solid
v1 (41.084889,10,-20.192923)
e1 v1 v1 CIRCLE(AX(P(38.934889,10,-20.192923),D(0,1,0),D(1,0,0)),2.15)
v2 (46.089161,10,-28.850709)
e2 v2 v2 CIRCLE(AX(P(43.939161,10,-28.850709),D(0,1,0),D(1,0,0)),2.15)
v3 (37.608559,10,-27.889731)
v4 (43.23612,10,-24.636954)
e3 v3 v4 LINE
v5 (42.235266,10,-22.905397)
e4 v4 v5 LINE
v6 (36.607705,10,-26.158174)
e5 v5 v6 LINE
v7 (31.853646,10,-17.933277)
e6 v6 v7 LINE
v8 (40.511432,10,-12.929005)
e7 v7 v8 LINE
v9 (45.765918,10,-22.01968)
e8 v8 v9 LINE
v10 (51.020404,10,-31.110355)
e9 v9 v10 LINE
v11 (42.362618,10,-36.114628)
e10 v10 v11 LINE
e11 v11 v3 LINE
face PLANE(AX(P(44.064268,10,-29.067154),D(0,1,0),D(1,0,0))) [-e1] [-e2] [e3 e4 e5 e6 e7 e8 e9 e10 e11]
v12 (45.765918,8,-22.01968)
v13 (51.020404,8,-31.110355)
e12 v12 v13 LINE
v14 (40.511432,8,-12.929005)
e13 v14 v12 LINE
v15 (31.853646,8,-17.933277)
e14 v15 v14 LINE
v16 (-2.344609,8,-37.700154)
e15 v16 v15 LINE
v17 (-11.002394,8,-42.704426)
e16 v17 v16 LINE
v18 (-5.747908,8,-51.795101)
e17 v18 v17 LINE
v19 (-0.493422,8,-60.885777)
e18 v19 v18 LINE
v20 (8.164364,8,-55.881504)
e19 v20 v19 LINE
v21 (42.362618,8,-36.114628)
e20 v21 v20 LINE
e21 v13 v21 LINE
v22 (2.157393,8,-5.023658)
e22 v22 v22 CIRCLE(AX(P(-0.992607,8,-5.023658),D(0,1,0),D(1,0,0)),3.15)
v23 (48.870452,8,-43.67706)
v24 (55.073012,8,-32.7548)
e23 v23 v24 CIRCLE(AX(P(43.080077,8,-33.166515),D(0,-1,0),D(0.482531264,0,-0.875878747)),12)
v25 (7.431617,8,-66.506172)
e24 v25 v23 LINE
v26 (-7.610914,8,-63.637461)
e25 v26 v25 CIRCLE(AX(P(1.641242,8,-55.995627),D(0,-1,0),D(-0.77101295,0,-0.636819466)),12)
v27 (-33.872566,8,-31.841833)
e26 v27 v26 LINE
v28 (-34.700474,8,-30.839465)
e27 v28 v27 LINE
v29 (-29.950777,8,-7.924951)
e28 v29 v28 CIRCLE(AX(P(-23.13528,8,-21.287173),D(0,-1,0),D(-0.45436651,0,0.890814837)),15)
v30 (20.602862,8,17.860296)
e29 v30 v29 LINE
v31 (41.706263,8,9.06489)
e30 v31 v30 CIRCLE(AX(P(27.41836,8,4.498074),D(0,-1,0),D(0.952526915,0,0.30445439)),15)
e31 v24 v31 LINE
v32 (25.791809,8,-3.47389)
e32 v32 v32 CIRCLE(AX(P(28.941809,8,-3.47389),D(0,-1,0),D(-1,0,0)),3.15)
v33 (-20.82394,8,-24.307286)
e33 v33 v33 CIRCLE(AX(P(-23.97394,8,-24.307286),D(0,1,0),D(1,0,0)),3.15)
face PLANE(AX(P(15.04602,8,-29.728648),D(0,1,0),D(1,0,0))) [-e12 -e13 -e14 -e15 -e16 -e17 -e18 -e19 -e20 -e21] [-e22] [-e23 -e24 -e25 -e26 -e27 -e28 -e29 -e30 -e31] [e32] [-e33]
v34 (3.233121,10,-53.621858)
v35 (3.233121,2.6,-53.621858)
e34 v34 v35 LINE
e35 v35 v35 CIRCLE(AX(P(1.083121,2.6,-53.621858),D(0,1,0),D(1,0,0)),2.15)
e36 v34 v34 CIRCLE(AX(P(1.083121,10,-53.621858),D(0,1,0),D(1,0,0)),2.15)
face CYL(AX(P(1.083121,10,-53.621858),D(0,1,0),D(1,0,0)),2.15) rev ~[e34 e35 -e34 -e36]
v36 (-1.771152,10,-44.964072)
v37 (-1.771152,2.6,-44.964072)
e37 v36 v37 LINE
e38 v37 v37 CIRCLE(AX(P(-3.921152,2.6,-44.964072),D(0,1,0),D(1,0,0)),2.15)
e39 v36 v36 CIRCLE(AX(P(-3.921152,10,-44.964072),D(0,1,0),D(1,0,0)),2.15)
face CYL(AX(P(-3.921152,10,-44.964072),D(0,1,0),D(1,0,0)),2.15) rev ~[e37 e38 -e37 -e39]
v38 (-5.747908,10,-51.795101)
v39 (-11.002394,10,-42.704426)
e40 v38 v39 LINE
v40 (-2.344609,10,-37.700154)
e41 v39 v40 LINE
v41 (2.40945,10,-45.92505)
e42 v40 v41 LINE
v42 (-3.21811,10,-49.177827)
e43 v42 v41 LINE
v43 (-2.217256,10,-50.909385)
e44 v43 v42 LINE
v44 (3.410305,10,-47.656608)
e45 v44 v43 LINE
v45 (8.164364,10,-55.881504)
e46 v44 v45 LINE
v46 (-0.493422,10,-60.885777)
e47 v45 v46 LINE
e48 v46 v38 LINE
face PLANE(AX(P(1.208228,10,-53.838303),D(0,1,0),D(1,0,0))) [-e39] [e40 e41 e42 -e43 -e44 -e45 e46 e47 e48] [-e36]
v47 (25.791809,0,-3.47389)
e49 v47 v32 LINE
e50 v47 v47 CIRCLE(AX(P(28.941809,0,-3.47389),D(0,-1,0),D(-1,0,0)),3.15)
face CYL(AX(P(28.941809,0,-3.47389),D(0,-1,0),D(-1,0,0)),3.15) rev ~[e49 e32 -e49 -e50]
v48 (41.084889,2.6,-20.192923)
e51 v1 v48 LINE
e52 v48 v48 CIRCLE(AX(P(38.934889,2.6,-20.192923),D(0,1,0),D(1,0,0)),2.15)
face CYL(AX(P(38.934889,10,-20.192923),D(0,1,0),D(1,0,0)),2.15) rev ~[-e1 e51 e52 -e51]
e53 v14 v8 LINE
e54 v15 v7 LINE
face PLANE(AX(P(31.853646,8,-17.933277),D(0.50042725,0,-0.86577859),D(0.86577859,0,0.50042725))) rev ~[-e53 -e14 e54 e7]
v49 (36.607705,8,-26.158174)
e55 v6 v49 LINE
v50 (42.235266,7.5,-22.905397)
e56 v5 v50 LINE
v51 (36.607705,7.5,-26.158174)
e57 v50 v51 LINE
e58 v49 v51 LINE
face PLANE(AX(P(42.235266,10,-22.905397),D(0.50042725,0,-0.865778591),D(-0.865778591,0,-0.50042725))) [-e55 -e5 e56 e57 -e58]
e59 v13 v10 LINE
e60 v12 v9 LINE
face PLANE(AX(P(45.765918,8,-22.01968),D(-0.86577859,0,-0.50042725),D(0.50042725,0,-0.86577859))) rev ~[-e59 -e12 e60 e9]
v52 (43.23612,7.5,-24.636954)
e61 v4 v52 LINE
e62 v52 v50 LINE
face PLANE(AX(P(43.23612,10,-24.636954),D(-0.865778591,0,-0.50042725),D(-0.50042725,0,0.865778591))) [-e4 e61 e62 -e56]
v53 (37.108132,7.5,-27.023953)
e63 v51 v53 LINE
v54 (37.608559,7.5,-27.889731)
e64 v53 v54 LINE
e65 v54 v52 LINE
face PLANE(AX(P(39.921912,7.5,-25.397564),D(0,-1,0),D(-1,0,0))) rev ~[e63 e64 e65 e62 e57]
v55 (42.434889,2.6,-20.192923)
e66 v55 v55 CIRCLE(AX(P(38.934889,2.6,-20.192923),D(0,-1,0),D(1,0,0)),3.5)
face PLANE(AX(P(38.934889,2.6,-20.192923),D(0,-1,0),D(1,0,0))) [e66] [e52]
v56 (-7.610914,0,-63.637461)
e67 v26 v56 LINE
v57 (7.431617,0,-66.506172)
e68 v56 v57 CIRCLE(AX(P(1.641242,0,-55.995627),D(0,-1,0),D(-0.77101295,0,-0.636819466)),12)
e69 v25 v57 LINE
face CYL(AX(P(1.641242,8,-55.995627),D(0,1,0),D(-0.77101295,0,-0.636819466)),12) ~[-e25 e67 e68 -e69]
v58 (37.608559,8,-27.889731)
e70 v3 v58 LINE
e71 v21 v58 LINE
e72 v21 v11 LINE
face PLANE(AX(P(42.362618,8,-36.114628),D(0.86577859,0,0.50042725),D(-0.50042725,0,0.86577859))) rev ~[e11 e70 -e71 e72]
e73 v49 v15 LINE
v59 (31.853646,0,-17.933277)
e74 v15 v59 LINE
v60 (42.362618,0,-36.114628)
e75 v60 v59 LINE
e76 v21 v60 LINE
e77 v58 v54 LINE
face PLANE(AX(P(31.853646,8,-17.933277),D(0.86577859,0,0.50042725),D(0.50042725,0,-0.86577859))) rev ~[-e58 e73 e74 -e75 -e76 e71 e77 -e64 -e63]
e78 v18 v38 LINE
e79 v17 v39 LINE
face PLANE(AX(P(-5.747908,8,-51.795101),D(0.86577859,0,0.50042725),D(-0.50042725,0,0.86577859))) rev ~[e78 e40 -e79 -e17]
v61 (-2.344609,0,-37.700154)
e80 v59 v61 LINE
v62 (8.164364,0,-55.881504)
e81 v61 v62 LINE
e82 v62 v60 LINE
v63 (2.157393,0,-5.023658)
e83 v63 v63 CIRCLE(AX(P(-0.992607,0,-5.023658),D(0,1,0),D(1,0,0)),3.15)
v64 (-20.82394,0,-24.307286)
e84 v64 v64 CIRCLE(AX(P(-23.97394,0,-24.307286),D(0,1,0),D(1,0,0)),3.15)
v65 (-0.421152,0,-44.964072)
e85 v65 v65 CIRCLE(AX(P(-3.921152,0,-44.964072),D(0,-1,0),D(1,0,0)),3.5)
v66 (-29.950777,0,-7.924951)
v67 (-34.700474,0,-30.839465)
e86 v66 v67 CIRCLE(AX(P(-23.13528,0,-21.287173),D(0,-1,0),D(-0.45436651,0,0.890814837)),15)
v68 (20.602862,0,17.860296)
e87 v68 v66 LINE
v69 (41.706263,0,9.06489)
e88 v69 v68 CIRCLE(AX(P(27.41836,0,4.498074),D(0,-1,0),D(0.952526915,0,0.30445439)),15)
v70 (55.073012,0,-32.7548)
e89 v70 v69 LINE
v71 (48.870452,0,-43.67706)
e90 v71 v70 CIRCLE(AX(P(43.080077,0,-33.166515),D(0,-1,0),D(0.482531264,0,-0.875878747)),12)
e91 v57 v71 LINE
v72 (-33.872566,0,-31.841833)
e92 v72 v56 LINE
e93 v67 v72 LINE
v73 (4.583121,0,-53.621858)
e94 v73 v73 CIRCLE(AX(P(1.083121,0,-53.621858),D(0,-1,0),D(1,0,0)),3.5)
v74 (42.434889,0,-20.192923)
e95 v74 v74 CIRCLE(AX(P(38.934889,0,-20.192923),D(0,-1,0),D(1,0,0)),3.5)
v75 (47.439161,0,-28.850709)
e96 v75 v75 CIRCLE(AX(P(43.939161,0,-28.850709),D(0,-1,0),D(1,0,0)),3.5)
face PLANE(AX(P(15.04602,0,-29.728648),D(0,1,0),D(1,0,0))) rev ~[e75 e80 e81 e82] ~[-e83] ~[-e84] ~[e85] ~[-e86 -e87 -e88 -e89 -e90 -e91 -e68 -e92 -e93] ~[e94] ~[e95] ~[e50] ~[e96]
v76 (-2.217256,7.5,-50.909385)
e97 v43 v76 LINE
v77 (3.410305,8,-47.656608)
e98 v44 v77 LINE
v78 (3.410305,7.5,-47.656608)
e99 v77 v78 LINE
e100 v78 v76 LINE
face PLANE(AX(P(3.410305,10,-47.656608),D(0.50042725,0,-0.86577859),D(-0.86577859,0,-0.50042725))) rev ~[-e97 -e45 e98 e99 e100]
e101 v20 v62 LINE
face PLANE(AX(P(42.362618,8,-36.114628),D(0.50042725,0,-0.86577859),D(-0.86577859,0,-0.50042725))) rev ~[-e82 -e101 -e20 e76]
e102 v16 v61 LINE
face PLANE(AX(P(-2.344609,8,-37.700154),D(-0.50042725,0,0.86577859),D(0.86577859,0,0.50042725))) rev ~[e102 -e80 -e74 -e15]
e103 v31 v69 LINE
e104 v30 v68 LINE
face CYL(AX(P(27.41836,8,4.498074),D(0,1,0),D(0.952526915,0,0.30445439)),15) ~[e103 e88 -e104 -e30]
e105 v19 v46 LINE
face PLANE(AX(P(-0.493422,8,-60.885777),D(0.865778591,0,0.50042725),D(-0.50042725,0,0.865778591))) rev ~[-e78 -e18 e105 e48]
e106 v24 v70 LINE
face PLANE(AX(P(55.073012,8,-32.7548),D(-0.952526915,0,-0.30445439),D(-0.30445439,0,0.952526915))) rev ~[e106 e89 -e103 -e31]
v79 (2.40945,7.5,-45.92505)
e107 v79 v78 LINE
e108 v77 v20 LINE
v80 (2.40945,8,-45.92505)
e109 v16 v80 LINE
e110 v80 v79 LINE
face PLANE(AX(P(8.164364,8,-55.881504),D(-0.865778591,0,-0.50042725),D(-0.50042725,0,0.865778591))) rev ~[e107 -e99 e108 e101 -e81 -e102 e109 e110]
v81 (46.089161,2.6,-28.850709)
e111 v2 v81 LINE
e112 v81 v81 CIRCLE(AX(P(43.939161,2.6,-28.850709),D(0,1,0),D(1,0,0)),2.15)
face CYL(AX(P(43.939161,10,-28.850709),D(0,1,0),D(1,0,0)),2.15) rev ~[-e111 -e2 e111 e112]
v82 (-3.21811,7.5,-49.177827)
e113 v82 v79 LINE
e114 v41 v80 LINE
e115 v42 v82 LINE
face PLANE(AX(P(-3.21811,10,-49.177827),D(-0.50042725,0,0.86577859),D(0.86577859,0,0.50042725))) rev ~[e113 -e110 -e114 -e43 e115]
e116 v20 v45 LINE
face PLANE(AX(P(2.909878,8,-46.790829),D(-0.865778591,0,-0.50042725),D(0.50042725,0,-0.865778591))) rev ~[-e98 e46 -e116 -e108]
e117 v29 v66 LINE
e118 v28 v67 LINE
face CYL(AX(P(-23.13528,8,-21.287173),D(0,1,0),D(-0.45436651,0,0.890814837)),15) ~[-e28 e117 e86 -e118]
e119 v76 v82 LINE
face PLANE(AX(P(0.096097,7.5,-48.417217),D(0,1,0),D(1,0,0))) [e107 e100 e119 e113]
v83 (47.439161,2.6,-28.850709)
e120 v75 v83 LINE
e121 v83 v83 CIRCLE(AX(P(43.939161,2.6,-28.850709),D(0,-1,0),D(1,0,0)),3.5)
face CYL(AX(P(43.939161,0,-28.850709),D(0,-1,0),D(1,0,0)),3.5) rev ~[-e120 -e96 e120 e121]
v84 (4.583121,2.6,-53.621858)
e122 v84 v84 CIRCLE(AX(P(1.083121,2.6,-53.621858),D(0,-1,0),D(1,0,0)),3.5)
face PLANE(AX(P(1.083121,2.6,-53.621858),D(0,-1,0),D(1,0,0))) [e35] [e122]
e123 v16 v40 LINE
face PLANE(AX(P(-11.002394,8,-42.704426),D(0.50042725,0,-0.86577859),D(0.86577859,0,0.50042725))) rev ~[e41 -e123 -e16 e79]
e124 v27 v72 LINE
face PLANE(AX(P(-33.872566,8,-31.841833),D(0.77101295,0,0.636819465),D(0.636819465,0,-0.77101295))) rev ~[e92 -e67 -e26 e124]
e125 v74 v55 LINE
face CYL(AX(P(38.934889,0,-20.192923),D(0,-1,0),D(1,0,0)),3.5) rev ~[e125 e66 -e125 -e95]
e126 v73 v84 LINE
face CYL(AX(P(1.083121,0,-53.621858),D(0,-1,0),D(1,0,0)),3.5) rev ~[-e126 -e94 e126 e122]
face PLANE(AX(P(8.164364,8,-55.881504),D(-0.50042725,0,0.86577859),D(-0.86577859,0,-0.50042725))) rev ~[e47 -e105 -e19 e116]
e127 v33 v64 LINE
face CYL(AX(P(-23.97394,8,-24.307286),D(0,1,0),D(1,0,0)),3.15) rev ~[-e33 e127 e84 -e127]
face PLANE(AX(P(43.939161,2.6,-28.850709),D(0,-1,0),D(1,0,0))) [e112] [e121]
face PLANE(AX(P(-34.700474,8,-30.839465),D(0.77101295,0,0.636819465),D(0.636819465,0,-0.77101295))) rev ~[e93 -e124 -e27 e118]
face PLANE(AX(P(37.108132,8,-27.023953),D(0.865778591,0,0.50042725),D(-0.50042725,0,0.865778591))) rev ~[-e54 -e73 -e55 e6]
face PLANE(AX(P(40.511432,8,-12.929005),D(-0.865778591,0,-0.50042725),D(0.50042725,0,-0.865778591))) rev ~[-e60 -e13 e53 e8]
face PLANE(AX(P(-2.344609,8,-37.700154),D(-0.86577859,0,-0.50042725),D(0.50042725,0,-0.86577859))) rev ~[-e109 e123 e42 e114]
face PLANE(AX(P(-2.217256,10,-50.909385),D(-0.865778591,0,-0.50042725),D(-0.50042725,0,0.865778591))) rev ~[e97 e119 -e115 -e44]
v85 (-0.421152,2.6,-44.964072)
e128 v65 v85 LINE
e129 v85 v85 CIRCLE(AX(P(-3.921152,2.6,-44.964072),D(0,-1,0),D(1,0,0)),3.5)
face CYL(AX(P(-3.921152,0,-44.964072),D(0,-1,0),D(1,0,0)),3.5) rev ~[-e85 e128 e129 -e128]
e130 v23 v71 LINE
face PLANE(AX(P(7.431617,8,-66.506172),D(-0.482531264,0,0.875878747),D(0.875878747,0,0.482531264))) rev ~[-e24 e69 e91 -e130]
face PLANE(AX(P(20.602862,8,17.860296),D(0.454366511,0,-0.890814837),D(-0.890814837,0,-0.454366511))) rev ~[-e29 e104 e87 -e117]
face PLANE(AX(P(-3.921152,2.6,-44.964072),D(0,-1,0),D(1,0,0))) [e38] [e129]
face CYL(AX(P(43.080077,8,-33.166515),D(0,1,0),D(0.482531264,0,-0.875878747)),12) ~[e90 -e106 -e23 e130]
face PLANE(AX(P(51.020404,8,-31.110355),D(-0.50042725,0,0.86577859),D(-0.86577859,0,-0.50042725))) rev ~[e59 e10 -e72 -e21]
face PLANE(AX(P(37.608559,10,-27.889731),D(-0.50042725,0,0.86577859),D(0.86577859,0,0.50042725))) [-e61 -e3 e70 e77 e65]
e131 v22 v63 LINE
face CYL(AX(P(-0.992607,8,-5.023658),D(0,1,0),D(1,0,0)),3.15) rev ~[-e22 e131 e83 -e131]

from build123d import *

# Parameters (mm, degrees)
BOSS_EXTRUDE2_DEPTH = 8
SKETCH2_R           = 3.15
CUT_EXTRUDE1_DEPTH  = 8
BOSS_EXTRUDE4_DEPTH = 2
CUT_EXTRUDE2_DEPTH  = 14
SKETCH5_R           = 2.15
CUT_EXTRUDE3_DEPTH  = 14
SKETCH6_R           = 3.5
CUT_EXTRUDE4_DEPTH  = 2.6
CUT_EXTRUDE5_DEPTH  = 18.5
BOSS_EXTRUDE7_DEPTH = 8
SKETCH9_R           = 3.15
CUT_EXTRUDE6_DEPTH  = 8
CUT_EXTRUDE8_DEPTH  = 8
BOSS_EXTRUDE8_DEPTH = 8
CUT_EXTRUDE9_DEPTH  = 2.5


with BuildPart() as part:
    # Sketch1 → Boss-Extrude2 (new body)
    with BuildSketch(Plane(origin=(0, 0, 0), x_dir=(1, 0, 0), z_dir=(0, 1, 0))):
        Polygon((-36.064195387, 30.19821093), (-36.064195387, 45.055140387), (-24.456215945, 60.508200645), (25.928290152, 75.028423128), (63.192701615, 49.978777876), (57.8600206, 4.654046233), (5.024212079, -12.575443702), (-26.79369062, -0.934399252), align=None)
    extrude(amount=BOSS_EXTRUDE2_DEPTH)

    # Sketch2 → Cut-Extrude1 (cut)
    with BuildSketch(Plane(origin=(0, 8, 0), x_dir=(1, 0, 0), z_dir=(0, 1, 0))):
        with Locations((-0.992606529, 5.023658057)):
            Circle(SKETCH2_R)
        with Locations((-23.973939823, 24.307286348)):
            Circle(SKETCH2_R)
    extrude(amount=-CUT_EXTRUDE1_DEPTH, mode=Mode.SUBTRACT)

    # Sketch3 → Boss-Extrude4 (add)
    with BuildSketch(Plane(origin=(0, 8, 0), x_dir=(1, 0, 0), z_dir=(0, 1, 0))):
        Polygon((-5.747908307, 51.79510143), (2.909877598, 46.790828933), (8.164363719, 55.881504134), (-0.493422186, 60.885776631), align=None)
        Polygon((-2.344608524, 37.700153733), (2.909877598, 46.790828933), (-5.747908307, 51.79510143), (-11.002394429, 42.70442623), align=None)
        Polygon((37.108131922, 27.023952571), (45.765917827, 22.019680074), (51.020403949, 31.110355274), (42.362618044, 36.114627771), align=None)
        Polygon((40.511431705, 12.929004873), (45.765917827, 22.019680074), (37.108131922, 27.023952571), (31.8536458, 17.93327737), align=None)
    extrude(amount=BOSS_EXTRUDE4_DEPTH)

    # Sketch4 → Cut-Extrude2 (cut)
    with BuildSketch(Plane(origin=(0, 8, 0), x_dir=(1, 0, 0), z_dir=(0, 1, 0))):
        Polygon((8.164363719, 55.881504134), (-2.344608524, 37.700153733), (31.8536458, 17.93327737), (42.362618044, 36.114627771), align=None)
    extrude(amount=-CUT_EXTRUDE2_DEPTH, mode=Mode.SUBTRACT)

    # Sketch5 → Cut-Extrude3 (cut)
    with BuildSketch(Plane(origin=(0, 10, 0), x_dir=(1, 0, 0), z_dir=(0, 1, 0))):
        with Locations((-3.921151603, 44.964072229)):
            Circle(SKETCH5_R)
        with Locations((1.083120894, 53.621858134)):
            Circle(SKETCH5_R)
        with Locations((43.939161123, 28.850709275)):
            Circle(SKETCH5_R)
        with Locations((38.934888626, 20.19292337)):
            Circle(SKETCH5_R)
    extrude(amount=-CUT_EXTRUDE3_DEPTH, mode=Mode.SUBTRACT)

    # Sketch6 → Cut-Extrude4 (cut)
    with BuildSketch(Plane.XZ):
        with Locations((43.939161123, -28.850709275)):
            Circle(SKETCH6_R)
        with Locations((38.934888626, -20.19292337)):
            Circle(SKETCH6_R)
        with Locations((1.083120894, -53.621858134)):
            Circle(SKETCH6_R)
        with Locations((-3.921151603, -44.964072229)):
            Circle(SKETCH6_R)
    extrude(amount=-CUT_EXTRUDE4_DEPTH, mode=Mode.SUBTRACT)

    # Sketch7 → Cut-Extrude5 (cut)
    with BuildSketch(Plane(origin=(0, 8, 0), x_dir=(1, 0, 0), z_dir=(0, 1, 0))):
        Polygon((-23.90080129, 101.032848336), (-57.901406204, 20.736967462), (-18.158957139, -32.533824917), (87.924213713, -9.961236853), (85.311975199, 49.315634488), align=None)
        Polygon((-40.820623888, 23.42964982), (-5.371906334, -12.019067733), (42.940552226, -17.400063196), (73.057764711, 41.083606285), (-8.197554073, 82.927487203), align=None, mode=Mode.SUBTRACT)
    extrude(amount=-CUT_EXTRUDE5_DEPTH, mode=Mode.SUBTRACT)

    # Sketch8 → Boss-Extrude7 (add)
    with BuildSketch(Plane(origin=(0, 8, 0), x_dir=(1, 0, 0), z_dir=(0, 1, 0))):
        Polygon((-8.197554073, 82.927487203), (-40.820623888, 23.42964982), (-5.371906334, -12.019067733), (42.940552226, -17.400063196), (73.057764711, 41.083606285), align=None)
        Polygon((7.41963674, 62.005546744), (-9.746922841, 64.747246038), (-32.401642497, 23.42964982), (0, -4.674812176), (46.197479834, 11.841771544), (56.025503799, 35.943618774), align=None, mode=Mode.SUBTRACT)
    extrude(amount=-BOSS_EXTRUDE7_DEPTH)

    # Sketch9 → Cut-Extrude6 (cut)
    with BuildSketch(Plane(origin=(0, 0, 0), x_dir=(-1, 0, 0), z_dir=(0, -1, 0))):
        with Locations((-28.941808693, 3.473889793)):
            Circle(SKETCH9_R)
    extrude(amount=-CUT_EXTRUDE6_DEPTH, mode=Mode.SUBTRACT)

    # Sketch10 → Cut-Extrude8 (cut)
    with BuildSketch(Plane(origin=(0, 8, 0), x_dir=(1, 0, 0), z_dir=(0, 1, 0))):
        Polygon((-51.027907223, 26.499697203), (-18.337970987, 89.979258173), (70.618900133, 64.73001084), (85.862243499, 8.329361683), (41.198193823, -31.646717715), (-23.676019088, -9.814381331), align=None)
        with BuildLine():
            Line((-33.872566493, 31.841833363), (-7.610913822, 63.637460521))
            ThreePointArc((-7.610913822, 63.637460521), (-0.606725689, 67.783190008), (7.431616747, 66.506171896))
            Line((7.431616747, 66.506171896), (48.870452229, 43.677060264))
            ThreePointArc((48.870452229, 43.677060264), (53.514897305, 39.092266426), (55.073012074, 32.754799821))
            Line((55.073012074, 32.754799821), (41.706263242, -9.064889609))
            ThreePointArc((41.706263242, -9.064889609), (33.18888877, -18.343686498), (20.602861854, -17.860296318))
            Line((20.602861854, -17.860296318), (-29.950777497, 7.924950794))
            ThreePointArc((-29.950777497, 7.924950794), (-37.823070784, 18.242703419), (-34.700474084, 30.839465332))
            Line((-34.700474084, 30.839465332), (-33.872566493, 31.841833363))
        make_face(mode=Mode.SUBTRACT)
    extrude(amount=-CUT_EXTRUDE8_DEPTH, mode=Mode.SUBTRACT)

    # Sketch12 → Boss-Extrude8 (add)
    with BuildSketch(Plane(origin=(0, 8, 0), x_dir=(1, 0, 0), z_dir=(0, 1, 0))):
        with BuildLine():
            Line((-34.700474084, 30.839465332), (-23.799416497, 10.878604368))
            Line((-23.799416497, 10.878604368), (16.273254251, -10.775107124))
            Line((16.273254251, -10.775107124), (41.706263242, -9.064889609))
            ThreePointArc((41.706263242, -9.064889609), (33.18888877, -18.343686498), (20.602861854, -17.860296318))
            Line((20.602861854, -17.860296318), (-29.950777497, 7.924950794))
            ThreePointArc((-29.950777497, 7.924950794), (-37.823070784, 18.242703419), (-34.700474084, 30.839465332))
        make_face()
    extrude(amount=-BOSS_EXTRUDE8_DEPTH)

    # Sketch13 → Cut-Extrude9 (cut)
    with BuildSketch(Plane(origin=(0, 10, 0), x_dir=(1, 0, 0), z_dir=(0, 1, 0))):
        Polygon((37.108131922, 27.023952571), (37.608559172, 27.889731161), (43.23612001, 24.636954038), (42.235265511, 22.905396857), (36.607704672, 26.15817398), align=None)
        Polygon((3.410304847, 47.656607524), (-2.217255991, 50.909384647), (-3.21811049, 49.177827466), (2.409450348, 45.925050343), align=None)
    extrude(amount=-CUT_EXTRUDE9_DEPTH, mode=Mode.SUBTRACT)


solid = part.part
